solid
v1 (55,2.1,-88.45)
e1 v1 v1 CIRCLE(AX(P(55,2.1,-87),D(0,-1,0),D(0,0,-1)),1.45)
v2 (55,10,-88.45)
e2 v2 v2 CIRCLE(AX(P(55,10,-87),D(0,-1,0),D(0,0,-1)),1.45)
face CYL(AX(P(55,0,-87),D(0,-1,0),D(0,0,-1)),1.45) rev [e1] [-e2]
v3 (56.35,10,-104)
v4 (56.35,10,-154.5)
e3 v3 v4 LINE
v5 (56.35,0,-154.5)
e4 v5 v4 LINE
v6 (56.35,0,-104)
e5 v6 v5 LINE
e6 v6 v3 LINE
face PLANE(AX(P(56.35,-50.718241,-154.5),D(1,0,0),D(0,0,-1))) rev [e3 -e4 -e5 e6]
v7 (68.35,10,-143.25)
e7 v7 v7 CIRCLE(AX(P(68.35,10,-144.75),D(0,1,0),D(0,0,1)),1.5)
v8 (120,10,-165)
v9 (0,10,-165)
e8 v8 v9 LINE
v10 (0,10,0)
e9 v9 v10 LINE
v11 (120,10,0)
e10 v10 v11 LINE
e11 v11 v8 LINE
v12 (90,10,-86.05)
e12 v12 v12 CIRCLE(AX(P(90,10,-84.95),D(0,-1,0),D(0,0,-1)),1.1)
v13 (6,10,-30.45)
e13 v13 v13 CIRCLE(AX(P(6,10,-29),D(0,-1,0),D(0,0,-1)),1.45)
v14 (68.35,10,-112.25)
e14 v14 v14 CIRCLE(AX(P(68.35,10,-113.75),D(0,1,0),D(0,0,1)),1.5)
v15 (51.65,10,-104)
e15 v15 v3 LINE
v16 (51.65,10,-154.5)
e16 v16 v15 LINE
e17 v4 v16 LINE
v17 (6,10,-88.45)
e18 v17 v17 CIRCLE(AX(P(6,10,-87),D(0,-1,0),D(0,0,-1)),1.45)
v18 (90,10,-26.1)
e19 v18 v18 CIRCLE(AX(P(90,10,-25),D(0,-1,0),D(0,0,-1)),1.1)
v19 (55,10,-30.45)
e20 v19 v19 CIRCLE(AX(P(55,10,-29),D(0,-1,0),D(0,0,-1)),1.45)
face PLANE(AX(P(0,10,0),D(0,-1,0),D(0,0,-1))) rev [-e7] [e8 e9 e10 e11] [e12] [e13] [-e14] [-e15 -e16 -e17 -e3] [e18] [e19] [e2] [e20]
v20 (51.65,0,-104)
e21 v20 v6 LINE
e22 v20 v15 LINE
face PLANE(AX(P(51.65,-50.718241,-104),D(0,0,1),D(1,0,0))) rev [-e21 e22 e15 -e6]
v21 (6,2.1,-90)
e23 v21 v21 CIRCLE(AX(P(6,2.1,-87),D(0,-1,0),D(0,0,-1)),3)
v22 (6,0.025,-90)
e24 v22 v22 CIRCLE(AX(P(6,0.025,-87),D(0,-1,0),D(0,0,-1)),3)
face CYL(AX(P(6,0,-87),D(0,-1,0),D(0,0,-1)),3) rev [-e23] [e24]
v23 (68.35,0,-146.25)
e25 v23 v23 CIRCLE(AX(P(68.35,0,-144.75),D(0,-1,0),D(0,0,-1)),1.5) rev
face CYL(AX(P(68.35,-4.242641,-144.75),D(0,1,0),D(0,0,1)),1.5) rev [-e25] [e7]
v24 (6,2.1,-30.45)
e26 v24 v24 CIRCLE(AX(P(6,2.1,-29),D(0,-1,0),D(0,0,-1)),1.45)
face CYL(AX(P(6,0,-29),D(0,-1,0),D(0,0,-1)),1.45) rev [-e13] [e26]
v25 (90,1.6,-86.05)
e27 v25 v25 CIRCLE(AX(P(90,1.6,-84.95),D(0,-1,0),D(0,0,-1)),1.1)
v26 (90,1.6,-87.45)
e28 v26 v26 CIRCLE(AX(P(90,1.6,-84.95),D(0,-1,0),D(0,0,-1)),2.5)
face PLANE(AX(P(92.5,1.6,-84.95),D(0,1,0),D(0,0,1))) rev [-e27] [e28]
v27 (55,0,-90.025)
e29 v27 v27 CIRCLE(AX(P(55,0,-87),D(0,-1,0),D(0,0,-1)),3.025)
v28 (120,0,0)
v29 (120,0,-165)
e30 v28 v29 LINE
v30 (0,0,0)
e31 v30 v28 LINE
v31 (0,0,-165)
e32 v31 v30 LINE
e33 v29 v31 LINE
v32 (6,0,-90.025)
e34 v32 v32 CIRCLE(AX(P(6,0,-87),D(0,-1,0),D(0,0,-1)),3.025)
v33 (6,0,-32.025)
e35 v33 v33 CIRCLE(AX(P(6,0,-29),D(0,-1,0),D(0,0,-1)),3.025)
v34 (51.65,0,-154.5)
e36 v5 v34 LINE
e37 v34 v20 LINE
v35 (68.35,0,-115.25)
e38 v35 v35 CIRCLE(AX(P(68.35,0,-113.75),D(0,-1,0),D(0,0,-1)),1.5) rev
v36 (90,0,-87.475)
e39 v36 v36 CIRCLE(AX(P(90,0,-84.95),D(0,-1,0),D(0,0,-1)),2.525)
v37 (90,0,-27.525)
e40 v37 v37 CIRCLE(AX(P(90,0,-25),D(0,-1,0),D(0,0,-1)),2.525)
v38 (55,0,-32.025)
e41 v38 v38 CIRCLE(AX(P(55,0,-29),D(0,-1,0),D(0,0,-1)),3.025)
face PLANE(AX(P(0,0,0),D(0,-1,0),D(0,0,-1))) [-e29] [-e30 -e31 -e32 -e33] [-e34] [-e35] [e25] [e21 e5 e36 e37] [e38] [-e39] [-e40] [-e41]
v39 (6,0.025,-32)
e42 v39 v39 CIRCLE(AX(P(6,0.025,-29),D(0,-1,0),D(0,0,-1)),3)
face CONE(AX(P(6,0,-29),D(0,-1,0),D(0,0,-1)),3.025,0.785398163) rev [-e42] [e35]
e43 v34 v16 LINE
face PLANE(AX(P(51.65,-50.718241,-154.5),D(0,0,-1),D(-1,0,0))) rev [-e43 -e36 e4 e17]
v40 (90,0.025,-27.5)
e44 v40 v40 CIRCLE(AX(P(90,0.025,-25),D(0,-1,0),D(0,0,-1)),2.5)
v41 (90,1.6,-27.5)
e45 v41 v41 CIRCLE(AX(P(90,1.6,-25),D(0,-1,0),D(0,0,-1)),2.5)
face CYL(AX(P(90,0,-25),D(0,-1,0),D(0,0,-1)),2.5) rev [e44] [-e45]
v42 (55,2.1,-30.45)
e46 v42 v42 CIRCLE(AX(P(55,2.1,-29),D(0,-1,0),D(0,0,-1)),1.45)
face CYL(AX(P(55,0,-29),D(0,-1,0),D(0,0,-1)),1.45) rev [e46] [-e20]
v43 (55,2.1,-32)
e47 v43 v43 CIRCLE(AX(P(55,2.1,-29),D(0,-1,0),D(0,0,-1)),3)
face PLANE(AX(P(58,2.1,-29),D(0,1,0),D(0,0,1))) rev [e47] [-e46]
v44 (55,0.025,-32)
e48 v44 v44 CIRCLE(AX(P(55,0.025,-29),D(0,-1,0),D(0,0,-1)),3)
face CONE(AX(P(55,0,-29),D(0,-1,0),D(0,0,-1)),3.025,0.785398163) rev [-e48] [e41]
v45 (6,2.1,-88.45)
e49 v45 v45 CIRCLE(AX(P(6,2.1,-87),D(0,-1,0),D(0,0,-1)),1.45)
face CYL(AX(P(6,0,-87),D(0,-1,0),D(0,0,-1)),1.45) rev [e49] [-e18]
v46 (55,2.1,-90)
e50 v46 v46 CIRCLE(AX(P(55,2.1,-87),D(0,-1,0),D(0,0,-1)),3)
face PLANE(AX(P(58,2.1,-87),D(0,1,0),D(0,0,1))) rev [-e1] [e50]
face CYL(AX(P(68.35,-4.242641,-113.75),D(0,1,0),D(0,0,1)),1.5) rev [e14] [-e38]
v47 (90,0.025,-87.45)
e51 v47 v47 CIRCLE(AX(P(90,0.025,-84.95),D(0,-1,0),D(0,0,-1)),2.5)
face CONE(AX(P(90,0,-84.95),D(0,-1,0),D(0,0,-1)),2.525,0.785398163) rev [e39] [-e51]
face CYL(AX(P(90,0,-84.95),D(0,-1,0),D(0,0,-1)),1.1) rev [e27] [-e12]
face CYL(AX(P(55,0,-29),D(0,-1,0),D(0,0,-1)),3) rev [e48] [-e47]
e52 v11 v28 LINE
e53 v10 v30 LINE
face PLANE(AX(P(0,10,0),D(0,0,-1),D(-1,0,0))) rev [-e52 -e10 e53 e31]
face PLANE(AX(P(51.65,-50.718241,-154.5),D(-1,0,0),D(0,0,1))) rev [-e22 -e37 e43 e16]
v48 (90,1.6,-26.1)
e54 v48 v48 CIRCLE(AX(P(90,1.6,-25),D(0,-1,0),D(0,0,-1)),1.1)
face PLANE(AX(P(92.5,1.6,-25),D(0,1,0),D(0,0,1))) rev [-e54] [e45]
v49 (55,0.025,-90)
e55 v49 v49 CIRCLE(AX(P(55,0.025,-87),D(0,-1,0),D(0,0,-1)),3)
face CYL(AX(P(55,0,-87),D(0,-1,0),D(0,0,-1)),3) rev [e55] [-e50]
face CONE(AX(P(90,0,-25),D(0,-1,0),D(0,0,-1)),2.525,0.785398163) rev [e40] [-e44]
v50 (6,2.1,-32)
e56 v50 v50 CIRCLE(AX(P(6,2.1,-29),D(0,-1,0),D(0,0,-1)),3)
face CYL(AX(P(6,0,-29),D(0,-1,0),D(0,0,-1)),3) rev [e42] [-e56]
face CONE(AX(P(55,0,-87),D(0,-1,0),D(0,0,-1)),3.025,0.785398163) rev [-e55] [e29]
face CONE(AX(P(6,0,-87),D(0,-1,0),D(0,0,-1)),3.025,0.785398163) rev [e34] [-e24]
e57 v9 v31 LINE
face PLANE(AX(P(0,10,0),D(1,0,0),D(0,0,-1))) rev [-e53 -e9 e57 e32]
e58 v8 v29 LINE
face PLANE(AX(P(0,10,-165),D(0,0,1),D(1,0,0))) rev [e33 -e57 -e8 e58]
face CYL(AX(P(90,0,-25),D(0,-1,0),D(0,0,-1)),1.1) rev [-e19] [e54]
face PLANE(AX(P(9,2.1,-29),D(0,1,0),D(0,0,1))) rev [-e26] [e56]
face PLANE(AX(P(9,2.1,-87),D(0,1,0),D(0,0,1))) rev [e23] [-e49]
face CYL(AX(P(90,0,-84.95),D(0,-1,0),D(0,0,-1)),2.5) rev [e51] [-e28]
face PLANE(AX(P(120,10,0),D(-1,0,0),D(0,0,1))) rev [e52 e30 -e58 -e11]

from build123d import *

# Parameters (mm, degrees)
SKETCH1_W                     = 120
SKETCH1_H                     = 165
BASE_DEPTH                    = 10
PI_MOUNTHOLES_AT_2_COUNT      = 2
PI_MOUNTHOLES_AT_2_PITCH      = 49
PI_MOUNTHOLES_AT_3_COUNT      = 2
PI_MOUNTHOLES_AT_3_PITCH      = 75.927597091
PI_MOUNTHOLES_AT_4_COUNT      = 2
PI_MOUNTHOLES_AT_4_PITCH      = 58
BATTERY_MOUNTHOLES_AT_2_COUNT = 2
BATTERY_MOUNTHOLES_AT_2_PITCH = 59.95
SKETCH17_W                    = 4.7
SKETCH17_H                    = 50.5
STEPPERBRACKETSLOT_DEPTH      = 10
SKETCH18_R                    = 1.5
ANGLEBRACKET_MOUNTHOLES_DEPTH = 10


with BuildPart() as part:
    # Sketch1 → Base (new body)
    with BuildSketch(Plane(origin=(0, 0, 0), x_dir=(1, 0, 0), z_dir=(0, 1, 0))):
        with Locations((60, 82.5)):
            Rectangle(SKETCH1_W, SKETCH1_H)
    extrude(amount=BASE_DEPTH)

    # Sketch14 → Pi-MountHoles (revolve, cut)
    with BuildSketch(Plane(origin=(6, 0, -29), x_dir=(0, 0, -1), z_dir=(1, 0, 0))):
        Polygon((0, 0), (0, 10), (1.45, 10), (1.45, 2.1), (3, 2.1), (3, 0.025), (3.025, 0), align=None)
    pi_mountholes = revolve(axis=Axis((6, -6.35, -29), (0, 1, 0)), mode=Mode.SUBTRACT)

    # Pi-MountHoles at 2: Pi-MountHoles ×2
    with Locations(*[(i * PI_MOUNTHOLES_AT_2_PITCH, 0, 0) for i in range(1, PI_MOUNTHOLES_AT_2_COUNT)]):
        add(pi_mountholes, mode=Mode.SUBTRACT)

    # Pi-MountHoles at 3: Pi-MountHoles ×2
    with Locations(*[Vector(0.6453516491682099, 0, -0.7638856255460447) * (i * PI_MOUNTHOLES_AT_3_PITCH) for i in range(1, PI_MOUNTHOLES_AT_3_COUNT)]):
        add(pi_mountholes, mode=Mode.SUBTRACT)

    # Pi-MountHoles at 4: Pi-MountHoles ×2
    with Locations(*[(0, 0, -i * PI_MOUNTHOLES_AT_4_PITCH) for i in range(1, PI_MOUNTHOLES_AT_4_COUNT)]):
        add(pi_mountholes, mode=Mode.SUBTRACT)

    # Sketch16 → Battery-MountHoles (revolve, cut)
    with BuildSketch(Plane(origin=(90, 0, -25), x_dir=(0, 0, -1), z_dir=(1, 0, 0))):
        Polygon((0, 0), (0, 10), (1.1, 10), (1.1, 1.6), (2.5, 1.6), (2.5, 0.025), (2.525, 0), align=None)
    battery_mountholes = revolve(axis=Axis((90, -6.35, -25), (0, 1, 0)), mode=Mode.SUBTRACT)

    # Battery-MountHoles at 2: Battery-MountHoles ×2
    with Locations(*[(0, 0, -i * BATTERY_MOUNTHOLES_AT_2_PITCH) for i in range(1, BATTERY_MOUNTHOLES_AT_2_COUNT)]):
        add(battery_mountholes, mode=Mode.SUBTRACT)

    # Sketch17 → StepperBracketSlot (cut)
    with BuildSketch(Plane(origin=(0, 10, 0), x_dir=(1, 0, 0), z_dir=(0, 1, 0))):
        with Locations((54, 129.25)):
            Rectangle(SKETCH17_W, SKETCH17_H)
    extrude(amount=-STEPPERBRACKETSLOT_DEPTH, mode=Mode.SUBTRACT)

    # Sketch18 → AngleBracket-MountHoles (cut)
    with BuildSketch(Plane(origin=(0, 10, 0), x_dir=(1, 0, 0), z_dir=(0, 1, 0))):
        with Locations(Location((68.35, 144.75, 0), (0, 0, 270))):
            Circle(SKETCH18_R)
        with Locations(Location((68.35, 113.75, 0), (0, 0, 270))):
            Circle(SKETCH18_R)
    extrude(amount=-ANGLEBRACKET_MOUNTHOLES_DEPTH, mode=Mode.SUBTRACT)


solid = part.part
